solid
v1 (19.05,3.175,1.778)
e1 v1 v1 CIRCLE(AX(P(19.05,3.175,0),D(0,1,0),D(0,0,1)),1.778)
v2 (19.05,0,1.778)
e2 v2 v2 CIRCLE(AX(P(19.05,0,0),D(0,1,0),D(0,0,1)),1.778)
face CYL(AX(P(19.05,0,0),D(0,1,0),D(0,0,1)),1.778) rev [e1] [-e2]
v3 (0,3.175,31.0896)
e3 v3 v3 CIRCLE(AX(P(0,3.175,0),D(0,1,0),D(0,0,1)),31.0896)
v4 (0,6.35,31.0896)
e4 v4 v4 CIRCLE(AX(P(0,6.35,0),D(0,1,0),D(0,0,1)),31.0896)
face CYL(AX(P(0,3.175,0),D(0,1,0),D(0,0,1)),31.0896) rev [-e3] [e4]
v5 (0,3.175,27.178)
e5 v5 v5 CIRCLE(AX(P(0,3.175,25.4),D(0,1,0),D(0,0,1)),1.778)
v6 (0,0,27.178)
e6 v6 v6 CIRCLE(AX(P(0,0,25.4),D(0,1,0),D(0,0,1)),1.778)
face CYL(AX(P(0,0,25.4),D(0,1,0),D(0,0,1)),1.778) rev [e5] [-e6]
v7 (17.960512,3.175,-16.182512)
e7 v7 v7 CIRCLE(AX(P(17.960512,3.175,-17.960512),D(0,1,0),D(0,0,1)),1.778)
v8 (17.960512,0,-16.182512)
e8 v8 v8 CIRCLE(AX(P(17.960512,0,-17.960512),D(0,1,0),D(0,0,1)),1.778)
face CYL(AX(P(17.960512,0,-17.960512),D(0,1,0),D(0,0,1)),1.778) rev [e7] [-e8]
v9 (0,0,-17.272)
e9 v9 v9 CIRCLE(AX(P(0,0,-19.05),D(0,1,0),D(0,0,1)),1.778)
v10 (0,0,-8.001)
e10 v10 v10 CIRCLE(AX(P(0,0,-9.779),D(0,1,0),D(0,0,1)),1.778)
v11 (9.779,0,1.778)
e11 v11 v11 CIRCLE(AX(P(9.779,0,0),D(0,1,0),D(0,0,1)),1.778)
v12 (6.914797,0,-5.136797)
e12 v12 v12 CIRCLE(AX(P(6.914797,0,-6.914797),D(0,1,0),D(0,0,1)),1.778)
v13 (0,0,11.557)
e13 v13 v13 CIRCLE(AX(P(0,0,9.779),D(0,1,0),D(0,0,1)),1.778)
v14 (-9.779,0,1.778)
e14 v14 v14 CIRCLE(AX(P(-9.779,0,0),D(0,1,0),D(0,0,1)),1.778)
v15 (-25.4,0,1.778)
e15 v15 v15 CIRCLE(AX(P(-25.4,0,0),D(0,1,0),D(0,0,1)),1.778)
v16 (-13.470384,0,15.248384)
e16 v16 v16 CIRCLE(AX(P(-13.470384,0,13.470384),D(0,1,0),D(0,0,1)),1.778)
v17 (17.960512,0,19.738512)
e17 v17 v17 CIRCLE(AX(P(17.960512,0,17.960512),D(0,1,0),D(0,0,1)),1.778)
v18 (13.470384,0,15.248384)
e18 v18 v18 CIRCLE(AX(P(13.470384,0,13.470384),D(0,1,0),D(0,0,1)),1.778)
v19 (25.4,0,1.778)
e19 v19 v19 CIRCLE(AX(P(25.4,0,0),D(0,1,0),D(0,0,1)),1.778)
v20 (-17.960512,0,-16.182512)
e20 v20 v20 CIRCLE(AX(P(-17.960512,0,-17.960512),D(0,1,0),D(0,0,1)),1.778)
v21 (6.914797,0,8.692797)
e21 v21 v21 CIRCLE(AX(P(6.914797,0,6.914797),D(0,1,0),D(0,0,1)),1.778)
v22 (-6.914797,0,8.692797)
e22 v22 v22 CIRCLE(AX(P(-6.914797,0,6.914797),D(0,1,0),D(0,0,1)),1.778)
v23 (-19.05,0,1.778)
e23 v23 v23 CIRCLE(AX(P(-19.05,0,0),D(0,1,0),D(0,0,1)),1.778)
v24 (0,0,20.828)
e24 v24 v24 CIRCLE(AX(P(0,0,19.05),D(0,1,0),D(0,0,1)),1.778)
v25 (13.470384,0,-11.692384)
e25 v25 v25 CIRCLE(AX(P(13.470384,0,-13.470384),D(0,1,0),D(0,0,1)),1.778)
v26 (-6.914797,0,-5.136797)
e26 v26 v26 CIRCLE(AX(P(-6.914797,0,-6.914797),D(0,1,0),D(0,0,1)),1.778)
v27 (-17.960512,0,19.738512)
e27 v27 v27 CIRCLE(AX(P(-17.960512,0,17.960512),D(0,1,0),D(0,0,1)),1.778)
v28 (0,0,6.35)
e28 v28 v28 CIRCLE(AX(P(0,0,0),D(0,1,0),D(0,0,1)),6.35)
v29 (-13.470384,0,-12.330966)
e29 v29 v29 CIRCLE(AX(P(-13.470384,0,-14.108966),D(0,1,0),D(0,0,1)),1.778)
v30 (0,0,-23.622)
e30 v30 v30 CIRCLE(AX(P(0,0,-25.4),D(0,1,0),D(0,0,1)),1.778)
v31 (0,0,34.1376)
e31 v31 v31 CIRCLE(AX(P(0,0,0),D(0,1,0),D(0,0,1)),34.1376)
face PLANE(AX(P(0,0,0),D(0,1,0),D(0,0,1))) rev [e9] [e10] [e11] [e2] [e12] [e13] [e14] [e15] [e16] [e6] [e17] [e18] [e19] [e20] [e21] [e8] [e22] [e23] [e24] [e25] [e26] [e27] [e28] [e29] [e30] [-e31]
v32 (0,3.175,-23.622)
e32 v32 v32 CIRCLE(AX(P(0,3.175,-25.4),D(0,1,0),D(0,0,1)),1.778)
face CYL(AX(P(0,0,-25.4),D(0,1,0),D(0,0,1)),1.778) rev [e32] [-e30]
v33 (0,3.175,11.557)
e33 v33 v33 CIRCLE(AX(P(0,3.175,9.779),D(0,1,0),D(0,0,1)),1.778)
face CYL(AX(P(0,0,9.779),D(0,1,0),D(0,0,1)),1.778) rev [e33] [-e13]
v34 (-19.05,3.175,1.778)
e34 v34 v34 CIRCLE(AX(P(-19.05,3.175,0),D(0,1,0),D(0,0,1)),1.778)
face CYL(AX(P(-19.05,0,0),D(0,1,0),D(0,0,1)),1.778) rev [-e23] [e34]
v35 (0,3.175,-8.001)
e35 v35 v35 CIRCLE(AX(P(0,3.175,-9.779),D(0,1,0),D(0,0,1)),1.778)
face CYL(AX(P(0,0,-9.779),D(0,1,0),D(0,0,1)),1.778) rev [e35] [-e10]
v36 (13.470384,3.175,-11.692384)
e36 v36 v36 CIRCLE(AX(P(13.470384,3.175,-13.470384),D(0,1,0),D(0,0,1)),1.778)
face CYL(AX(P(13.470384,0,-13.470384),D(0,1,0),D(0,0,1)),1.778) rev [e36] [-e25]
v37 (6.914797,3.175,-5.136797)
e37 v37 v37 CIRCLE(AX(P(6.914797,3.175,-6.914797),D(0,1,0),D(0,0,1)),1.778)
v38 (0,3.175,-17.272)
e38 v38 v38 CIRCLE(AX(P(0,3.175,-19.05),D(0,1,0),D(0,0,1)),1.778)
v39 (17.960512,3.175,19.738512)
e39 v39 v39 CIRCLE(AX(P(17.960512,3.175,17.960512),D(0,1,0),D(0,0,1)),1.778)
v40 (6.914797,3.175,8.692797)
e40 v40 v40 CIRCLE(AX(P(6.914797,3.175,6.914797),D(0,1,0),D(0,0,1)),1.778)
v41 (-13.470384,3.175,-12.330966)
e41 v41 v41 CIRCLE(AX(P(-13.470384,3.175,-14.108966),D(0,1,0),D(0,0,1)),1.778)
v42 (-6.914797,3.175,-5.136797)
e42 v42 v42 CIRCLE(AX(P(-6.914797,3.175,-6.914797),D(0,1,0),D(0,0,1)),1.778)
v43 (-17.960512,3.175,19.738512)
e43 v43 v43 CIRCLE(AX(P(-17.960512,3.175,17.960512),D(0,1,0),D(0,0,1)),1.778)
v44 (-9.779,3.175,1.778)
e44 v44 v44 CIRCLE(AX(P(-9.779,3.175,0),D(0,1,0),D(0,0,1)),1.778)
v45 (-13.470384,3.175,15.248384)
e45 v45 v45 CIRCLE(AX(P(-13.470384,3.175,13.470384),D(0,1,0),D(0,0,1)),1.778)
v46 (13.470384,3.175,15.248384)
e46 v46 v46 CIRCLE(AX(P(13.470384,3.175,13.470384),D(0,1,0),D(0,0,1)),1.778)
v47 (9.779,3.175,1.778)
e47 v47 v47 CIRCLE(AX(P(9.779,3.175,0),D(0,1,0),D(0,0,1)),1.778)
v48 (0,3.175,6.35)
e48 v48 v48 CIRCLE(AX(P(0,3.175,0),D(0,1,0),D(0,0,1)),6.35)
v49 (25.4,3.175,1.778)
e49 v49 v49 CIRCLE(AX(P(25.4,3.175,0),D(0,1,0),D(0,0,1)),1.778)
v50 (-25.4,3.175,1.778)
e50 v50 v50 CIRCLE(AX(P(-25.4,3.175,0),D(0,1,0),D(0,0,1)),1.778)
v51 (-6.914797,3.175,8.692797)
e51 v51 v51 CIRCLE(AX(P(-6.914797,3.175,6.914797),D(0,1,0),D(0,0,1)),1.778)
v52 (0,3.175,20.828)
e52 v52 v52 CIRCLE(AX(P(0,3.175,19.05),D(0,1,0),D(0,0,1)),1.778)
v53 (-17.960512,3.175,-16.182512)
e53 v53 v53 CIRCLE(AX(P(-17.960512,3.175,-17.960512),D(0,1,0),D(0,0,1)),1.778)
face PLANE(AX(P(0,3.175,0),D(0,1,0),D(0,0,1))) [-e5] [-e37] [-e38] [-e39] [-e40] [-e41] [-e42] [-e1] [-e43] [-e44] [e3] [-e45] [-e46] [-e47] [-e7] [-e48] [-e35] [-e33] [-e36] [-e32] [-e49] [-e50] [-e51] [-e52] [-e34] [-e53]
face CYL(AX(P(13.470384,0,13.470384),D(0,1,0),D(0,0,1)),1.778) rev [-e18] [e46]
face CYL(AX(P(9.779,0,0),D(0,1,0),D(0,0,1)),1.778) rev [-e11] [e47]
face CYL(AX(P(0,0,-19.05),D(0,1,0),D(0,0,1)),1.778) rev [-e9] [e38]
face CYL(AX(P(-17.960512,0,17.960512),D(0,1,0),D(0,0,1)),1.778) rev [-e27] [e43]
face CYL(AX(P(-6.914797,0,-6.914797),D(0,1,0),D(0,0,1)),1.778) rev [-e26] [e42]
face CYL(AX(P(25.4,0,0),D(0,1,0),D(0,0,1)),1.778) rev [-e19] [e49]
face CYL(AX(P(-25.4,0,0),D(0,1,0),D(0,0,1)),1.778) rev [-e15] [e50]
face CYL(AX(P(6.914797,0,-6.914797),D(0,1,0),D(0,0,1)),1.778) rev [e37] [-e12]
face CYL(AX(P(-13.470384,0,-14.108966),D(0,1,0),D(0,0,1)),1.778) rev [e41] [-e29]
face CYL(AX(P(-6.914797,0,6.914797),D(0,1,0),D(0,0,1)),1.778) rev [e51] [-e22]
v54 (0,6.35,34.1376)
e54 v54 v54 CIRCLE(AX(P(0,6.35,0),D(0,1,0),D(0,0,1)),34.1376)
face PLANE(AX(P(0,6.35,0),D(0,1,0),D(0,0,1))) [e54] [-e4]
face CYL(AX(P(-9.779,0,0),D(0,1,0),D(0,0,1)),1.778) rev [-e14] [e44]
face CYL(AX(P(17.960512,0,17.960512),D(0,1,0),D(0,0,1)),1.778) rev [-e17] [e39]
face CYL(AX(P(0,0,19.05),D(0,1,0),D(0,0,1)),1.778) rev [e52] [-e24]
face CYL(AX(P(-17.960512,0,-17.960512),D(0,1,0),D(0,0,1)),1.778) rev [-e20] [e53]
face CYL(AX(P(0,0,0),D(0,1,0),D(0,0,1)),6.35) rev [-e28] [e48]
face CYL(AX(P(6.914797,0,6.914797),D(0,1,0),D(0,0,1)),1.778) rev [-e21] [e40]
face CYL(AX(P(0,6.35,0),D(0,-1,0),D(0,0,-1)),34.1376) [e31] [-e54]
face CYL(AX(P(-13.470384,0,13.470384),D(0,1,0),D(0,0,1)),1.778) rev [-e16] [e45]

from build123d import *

# Parameters (mm, degrees)
SKETCH1_R           = 34.1376
BOSS_EXTRUDE1_DEPTH = 6.35
SKETCH2_R           = 31.0896
CUT_EXTRUDE3_DEPTH  = 3.175
SKETCH3_R           = 6.35
CUT_EXTRUDE4_DEPTH  = 3.175
SKETCH3_3_R         = 6.35
SKETCH3_3_R_2       = 1.778
CUT_EXTRUDE5_DEPTH  = 3.175
SKETCH6_R           = 1.778
CUT_EXTRUDE6_DEPTH  = 3.175
SKETCH8_R           = 1.778
CUT_EXTRUDE7_DEPTH  = 3.175


with BuildPart() as part:
    # Sketch1 → Boss-Extrude1 (new body)
    with BuildSketch(Plane(origin=(0, 0, 0), x_dir=(1, 0, 0), z_dir=(0, 1, 0))):
        Circle(SKETCH1_R)
    extrude(amount=BOSS_EXTRUDE1_DEPTH)

    # Sketch2 → Cut-Extrude3 (cut)
    with BuildSketch(Plane(origin=(0, 6.35, 0), x_dir=(1, 0, 0), z_dir=(0, 1, 0))):
        Circle(SKETCH2_R)
    extrude(amount=-CUT_EXTRUDE3_DEPTH, mode=Mode.SUBTRACT)

    # Sketch3 → Cut-Extrude4 (cut)
    with BuildSketch(Plane(origin=(0, 3.175, 0), x_dir=(1, 0, 0), z_dir=(0, 1, 0))):
        Circle(SKETCH3_R)
    extrude(amount=-CUT_EXTRUDE4_DEPTH, mode=Mode.SUBTRACT)

    # Sketch3<3> → Cut-Extrude5 (cut)
    with BuildSketch(Plane(origin=(0, 3.175, 0), x_dir=(1, 0, 0), z_dir=(0, 1, 0))):
        Circle(SKETCH3_3_R)
        with Locations((25.4, 0)):
            Circle(SKETCH3_3_R_2)
        with Locations((17.960512242, 17.960512242)):
            Circle(SKETCH3_3_R_2)
        with Locations((0, 25.4)):
            Circle(SKETCH3_3_R_2)
        with Locations((-17.960512242, 17.960512242)):
            Circle(SKETCH3_3_R_2)
        with Locations((-25.4, 0)):
            Circle(SKETCH3_3_R_2)
        with Locations((-17.960512242, -17.960512242)):
            Circle(SKETCH3_3_R_2)
        with Locations((0, -25.4)):
            Circle(SKETCH3_3_R_2)
        with Locations((17.960512242, -17.960512242)):
            Circle(SKETCH3_3_R_2)
    extrude(amount=-CUT_EXTRUDE5_DEPTH, mode=Mode.SUBTRACT)

    # Sketch6 → Cut-Extrude6 (cut)
    with BuildSketch(Plane(origin=(0, 3.175, 0), x_dir=(1, 0, 0), z_dir=(0, 1, 0))):
        with Locations((0, 19.05)):
            Circle(SKETCH6_R)
        with Locations((-13.470384182, 14.10896611)):
            Circle(SKETCH6_R)
        with Locations((-19.05, 0)):
            Circle(SKETCH6_R)
        with Locations((-13.470384182, -13.470384182)):
            Circle(SKETCH6_R)
        with Locations((0, -19.05)):
            Circle(SKETCH6_R)
        with Locations((13.470384182, -13.470384182)):
            Circle(SKETCH6_R)
        with Locations((19.05, 0)):
            Circle(SKETCH6_R)
        with Locations((13.470384182, 13.470384182)):
            Circle(SKETCH6_R)
    extrude(amount=-CUT_EXTRUDE6_DEPTH, mode=Mode.SUBTRACT)

    # Sketch8 → Cut-Extrude7 (cut)
    with BuildSketch(Plane(origin=(0, 3.175, 0), x_dir=(1, 0, 0), z_dir=(0, 1, 0))):
        with Locations((9.779, 0)):
            Circle(SKETCH8_R)
        with Locations((6.914797213, 6.914797213)):
            Circle(SKETCH8_R)
        with Locations((0, 9.779)):
            Circle(SKETCH8_R)
        with Locations((-6.914797213, 6.914797213)):
            Circle(SKETCH8_R)
        with Locations((-9.779, 0)):
            Circle(SKETCH8_R)
        with Locations((-6.914797213, -6.914797213)):
            Circle(SKETCH8_R)
        with Locations((0, -9.779)):
            Circle(SKETCH8_R)
        with Locations((6.914797213, -6.914797213)):
            Circle(SKETCH8_R)
    extrude(amount=-CUT_EXTRUDE7_DEPTH, mode=Mode.SUBTRACT)


solid = part.part
